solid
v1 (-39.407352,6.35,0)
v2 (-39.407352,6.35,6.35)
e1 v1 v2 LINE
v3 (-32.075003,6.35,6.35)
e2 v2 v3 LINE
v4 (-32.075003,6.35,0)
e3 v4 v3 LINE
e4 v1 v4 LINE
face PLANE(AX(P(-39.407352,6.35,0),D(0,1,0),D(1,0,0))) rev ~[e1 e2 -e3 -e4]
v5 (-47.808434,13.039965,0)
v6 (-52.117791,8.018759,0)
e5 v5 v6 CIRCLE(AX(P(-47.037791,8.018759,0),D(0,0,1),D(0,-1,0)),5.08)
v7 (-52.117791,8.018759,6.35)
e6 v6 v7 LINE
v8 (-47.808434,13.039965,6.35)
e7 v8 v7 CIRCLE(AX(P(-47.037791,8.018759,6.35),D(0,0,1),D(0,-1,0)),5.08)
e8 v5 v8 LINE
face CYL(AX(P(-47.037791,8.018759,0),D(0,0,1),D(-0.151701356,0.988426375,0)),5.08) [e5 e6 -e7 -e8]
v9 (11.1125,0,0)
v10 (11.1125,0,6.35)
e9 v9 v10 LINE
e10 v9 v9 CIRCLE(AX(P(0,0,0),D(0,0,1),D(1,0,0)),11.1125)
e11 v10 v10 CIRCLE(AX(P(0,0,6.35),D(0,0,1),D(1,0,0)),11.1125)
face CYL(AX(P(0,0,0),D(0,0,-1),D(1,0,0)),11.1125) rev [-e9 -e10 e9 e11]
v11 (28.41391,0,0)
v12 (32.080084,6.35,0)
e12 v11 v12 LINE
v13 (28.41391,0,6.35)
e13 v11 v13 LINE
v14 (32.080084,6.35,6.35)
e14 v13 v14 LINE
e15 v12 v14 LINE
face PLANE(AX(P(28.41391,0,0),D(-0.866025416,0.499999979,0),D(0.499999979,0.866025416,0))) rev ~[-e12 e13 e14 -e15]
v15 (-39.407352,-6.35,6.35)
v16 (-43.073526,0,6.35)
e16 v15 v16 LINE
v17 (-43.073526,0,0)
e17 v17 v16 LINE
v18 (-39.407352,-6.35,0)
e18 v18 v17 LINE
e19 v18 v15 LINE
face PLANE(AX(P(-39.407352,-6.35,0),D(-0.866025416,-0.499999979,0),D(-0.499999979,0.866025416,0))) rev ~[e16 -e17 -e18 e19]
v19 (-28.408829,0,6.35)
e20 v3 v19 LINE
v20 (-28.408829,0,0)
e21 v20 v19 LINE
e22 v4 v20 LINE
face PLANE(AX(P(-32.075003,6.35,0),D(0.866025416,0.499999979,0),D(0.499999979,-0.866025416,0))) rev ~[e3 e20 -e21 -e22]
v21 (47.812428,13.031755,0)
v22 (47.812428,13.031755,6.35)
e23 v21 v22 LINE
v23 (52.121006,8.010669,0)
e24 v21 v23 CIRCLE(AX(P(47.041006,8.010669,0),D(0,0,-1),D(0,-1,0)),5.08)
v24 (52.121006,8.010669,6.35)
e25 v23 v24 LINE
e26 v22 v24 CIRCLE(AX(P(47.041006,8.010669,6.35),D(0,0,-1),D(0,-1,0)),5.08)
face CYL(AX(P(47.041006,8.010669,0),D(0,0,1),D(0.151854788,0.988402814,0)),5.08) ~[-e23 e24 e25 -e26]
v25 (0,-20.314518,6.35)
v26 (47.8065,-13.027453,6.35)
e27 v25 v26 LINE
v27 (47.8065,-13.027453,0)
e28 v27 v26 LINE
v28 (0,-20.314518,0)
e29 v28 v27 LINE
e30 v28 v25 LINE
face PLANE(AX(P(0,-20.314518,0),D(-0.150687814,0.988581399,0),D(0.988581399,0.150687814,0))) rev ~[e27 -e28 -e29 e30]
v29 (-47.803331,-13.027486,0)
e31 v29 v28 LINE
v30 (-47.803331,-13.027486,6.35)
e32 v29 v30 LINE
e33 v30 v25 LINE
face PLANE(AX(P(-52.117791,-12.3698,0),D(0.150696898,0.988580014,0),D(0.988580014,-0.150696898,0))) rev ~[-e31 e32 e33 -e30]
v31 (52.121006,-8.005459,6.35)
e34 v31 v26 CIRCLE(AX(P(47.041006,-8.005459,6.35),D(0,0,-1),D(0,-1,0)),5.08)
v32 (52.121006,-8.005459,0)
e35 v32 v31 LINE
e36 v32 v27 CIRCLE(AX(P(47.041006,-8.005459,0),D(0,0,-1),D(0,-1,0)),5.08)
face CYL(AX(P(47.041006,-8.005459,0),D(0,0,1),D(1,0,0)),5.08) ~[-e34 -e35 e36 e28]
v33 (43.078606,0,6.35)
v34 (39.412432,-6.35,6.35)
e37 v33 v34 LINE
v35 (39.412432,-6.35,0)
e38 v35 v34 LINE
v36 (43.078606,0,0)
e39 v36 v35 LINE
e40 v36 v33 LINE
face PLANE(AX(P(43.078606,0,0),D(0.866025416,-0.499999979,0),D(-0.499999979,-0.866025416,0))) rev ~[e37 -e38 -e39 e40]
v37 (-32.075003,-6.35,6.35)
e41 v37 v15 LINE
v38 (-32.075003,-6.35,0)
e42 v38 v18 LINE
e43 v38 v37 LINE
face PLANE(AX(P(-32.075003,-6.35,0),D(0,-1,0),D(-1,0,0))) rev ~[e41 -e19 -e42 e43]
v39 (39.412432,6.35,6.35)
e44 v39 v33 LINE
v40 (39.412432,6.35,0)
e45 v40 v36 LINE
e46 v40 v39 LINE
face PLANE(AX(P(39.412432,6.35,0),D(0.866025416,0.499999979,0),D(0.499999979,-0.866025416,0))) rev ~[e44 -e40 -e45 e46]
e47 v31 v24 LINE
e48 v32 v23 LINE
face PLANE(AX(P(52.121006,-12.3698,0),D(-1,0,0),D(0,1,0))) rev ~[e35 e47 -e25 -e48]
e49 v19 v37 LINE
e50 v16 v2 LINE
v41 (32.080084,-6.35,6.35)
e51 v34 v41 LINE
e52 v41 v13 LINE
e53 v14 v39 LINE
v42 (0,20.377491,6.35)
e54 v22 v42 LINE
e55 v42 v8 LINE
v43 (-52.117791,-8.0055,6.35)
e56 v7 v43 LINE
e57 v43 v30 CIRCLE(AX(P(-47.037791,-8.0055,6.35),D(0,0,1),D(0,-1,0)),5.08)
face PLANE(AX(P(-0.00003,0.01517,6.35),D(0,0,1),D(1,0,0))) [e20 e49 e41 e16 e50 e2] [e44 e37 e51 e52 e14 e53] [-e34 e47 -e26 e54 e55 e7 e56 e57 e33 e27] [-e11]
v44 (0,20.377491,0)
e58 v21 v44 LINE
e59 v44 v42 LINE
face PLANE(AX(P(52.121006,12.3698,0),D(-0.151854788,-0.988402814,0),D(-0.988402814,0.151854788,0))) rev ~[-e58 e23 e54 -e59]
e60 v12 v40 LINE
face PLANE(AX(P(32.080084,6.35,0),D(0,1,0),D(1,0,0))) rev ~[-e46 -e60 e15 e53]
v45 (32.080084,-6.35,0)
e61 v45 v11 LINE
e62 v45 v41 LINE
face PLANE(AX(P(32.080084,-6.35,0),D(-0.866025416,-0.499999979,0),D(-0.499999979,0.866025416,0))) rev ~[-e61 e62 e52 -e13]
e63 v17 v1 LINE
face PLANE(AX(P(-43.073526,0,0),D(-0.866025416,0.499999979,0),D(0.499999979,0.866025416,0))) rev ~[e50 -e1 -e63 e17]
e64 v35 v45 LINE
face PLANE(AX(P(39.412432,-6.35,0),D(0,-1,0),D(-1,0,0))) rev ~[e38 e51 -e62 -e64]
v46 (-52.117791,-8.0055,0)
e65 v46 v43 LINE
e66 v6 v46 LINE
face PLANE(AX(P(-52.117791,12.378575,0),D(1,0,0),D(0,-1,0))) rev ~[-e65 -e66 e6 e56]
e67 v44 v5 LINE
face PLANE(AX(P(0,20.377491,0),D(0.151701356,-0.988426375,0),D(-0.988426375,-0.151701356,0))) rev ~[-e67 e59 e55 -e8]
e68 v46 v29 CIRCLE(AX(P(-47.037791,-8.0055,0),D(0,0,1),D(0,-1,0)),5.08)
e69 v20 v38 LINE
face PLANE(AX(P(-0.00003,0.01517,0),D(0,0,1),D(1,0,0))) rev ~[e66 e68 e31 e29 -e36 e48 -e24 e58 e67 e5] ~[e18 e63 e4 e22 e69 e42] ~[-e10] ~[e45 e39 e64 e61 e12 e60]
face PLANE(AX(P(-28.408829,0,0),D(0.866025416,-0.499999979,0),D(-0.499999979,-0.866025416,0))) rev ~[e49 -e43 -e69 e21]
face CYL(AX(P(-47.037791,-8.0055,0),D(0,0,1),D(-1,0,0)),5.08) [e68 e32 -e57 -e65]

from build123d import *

# Parameters (mm, degrees)
F0_R     = 11.1125
F1_DEPTH = 6.35
F2_R     = 5.08


with BuildPart() as f1:
    # F0 (on Top) → F1 (new body)
    with BuildSketch(Plane.XY):
        Polygon((0, 20.377491), (-52.117791, 12.378575), (-52.117791, -12.3698), (0, -20.314518), (52.121006, -12.3698), (52.121006, 12.3698), align=None)
        Polygon((-43.073526, 0), (-39.407352, 6.35), (-32.075003, 6.35), (-28.408829, 0), (-32.075003, -6.35), (-39.407352, -6.35), align=None, mode=Mode.SUBTRACT)
        Circle(F0_R, mode=Mode.SUBTRACT)
        Polygon((28.41391, 0), (32.080084, 6.35), (39.412432, 6.35), (43.078606, 0), (39.412432, -6.35), (32.080084, -6.35), align=None, mode=Mode.SUBTRACT)
    extrude(amount=F1_DEPTH)

    # F2
    f2_edges = [f1.edges().sort_by_distance(p)[0] for p in [
        (52.121006, 12.3698, 3.175),
        (52.121006, -12.3698, 3.175),
        (-52.117791, -12.3698, 3.175),
        (-52.117791, 12.378575, 3.175),
    ]]
    fillet(f2_edges, radius=F2_R)


solid = f1.part
